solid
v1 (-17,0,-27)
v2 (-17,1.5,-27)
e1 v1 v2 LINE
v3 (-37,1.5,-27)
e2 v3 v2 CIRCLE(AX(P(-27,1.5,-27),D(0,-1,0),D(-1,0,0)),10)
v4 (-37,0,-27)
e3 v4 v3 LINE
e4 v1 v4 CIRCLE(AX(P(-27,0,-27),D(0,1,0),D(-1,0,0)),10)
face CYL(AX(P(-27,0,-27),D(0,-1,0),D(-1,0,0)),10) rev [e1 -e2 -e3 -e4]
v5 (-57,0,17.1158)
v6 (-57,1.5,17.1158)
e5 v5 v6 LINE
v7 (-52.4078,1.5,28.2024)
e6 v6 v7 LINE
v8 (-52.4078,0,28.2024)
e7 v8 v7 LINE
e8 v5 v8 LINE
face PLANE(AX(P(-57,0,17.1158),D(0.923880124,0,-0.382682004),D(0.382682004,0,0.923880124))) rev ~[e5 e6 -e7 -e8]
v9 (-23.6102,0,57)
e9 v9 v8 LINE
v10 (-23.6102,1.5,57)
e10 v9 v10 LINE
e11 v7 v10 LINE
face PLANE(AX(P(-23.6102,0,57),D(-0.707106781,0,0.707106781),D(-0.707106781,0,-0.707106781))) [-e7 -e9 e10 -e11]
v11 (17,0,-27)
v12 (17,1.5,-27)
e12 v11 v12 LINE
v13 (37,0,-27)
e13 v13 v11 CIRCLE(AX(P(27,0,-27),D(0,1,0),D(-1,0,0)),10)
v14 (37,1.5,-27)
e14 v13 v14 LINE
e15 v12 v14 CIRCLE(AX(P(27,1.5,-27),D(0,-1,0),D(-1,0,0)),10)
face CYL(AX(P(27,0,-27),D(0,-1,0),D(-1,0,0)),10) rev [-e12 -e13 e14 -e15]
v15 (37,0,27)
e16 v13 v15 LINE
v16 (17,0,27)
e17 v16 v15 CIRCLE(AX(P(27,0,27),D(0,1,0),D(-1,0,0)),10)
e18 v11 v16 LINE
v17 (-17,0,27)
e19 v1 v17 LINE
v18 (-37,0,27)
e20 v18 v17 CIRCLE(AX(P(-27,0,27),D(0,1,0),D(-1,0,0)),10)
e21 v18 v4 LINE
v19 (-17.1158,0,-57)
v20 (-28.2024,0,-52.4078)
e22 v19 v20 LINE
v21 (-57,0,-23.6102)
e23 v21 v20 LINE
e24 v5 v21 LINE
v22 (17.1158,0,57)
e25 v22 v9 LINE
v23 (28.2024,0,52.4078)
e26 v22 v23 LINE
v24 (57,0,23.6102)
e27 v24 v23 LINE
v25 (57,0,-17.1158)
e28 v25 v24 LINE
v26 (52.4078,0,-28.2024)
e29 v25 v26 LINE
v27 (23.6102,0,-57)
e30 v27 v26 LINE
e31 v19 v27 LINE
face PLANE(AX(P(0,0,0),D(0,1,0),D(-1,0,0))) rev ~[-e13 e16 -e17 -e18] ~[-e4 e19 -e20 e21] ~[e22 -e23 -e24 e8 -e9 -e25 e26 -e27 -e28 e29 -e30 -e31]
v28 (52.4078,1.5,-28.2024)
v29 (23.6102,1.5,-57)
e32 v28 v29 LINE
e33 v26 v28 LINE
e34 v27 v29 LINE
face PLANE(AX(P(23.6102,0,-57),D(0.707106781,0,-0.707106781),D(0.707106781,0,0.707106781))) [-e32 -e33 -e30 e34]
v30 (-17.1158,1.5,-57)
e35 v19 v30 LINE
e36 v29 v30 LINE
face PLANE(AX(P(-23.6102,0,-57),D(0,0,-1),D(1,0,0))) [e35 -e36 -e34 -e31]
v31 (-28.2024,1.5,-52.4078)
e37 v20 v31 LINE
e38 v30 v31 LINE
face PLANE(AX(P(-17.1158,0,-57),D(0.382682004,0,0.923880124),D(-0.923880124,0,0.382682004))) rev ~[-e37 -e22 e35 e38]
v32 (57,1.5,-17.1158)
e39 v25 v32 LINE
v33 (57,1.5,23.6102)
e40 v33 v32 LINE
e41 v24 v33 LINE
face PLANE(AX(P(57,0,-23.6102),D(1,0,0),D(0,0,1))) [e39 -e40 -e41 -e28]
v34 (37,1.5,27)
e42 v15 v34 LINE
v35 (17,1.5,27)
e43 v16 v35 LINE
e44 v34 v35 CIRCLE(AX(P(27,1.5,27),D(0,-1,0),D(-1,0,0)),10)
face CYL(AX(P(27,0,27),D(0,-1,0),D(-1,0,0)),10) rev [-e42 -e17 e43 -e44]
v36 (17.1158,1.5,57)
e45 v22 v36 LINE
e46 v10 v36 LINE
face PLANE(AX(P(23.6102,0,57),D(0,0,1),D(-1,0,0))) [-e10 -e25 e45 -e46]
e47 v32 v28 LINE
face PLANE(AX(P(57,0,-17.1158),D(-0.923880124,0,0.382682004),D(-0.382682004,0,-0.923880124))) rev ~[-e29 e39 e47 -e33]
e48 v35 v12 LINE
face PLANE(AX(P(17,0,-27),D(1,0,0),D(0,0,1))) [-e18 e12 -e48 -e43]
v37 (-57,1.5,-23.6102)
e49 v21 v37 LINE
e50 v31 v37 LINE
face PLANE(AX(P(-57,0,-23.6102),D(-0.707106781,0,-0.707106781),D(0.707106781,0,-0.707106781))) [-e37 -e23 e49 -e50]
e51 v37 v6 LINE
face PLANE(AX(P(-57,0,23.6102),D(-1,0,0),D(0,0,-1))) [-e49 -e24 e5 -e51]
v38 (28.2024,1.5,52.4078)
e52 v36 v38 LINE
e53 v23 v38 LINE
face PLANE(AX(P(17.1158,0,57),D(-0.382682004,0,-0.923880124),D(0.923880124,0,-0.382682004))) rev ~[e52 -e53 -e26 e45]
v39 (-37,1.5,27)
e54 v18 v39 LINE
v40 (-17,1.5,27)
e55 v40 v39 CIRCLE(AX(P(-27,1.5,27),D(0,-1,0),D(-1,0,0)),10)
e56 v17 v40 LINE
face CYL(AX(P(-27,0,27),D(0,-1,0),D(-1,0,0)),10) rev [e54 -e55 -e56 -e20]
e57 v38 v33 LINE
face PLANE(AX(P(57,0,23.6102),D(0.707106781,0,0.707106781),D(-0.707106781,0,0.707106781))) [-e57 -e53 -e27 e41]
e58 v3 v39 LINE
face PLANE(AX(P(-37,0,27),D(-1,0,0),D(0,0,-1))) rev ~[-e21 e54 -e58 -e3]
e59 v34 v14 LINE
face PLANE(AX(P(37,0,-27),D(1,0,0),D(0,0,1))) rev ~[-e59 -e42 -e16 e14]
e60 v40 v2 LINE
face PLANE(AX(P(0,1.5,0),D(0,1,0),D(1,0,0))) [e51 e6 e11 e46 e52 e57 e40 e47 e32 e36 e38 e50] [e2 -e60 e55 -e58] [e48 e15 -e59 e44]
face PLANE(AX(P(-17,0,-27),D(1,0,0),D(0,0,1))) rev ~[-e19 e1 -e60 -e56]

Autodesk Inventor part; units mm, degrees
ref_plane "YZ Plane" through (0, 0, 0) normal (1, 0, 0) x (0, 1, 0)
ref_plane "XZ Plane" through (0, 0, 0) normal (0, 1, 0) x (-1, 0, 0)
ref_plane "XY Plane" through (0, 0, 0) normal (0, 0, 1) x (1, 0, 0)
sketch "Skizze4" plane through (0, 0, 0) normal (0, 1, 0) x (-1, 0, 0)
  line L0 (-23.6102, 57) -> (23.6102, 57)
  line L1 (23.6102, 57) -> (57, 23.6102)
  line L2 (57, 23.6102) -> (57, -23.6102)
  line L3 (57, -23.6102) -> (23.6102, -57)
  line L4 (23.6102, -57) -> (-23.6102, -57)
  line L5 (-23.6102, -57) -> (-57, -23.6102)
  line L6 (-57, -23.6102) -> (-57, 23.6102)
  line L7 (-57, 23.6102) -> (-23.6102, 57)
  line L8 (79.8, 0) -> (-79.8, 0) construction
  line L9 (0, -79.8) -> (0, 79.8) construction
  circle A0 centre (-27, 27) radius 10
  circle A1 centre (-27, -27) radius 10
  circle A2 centre (27, -27) radius 10
  circle A3 centre (27, 27) radius 10
  point P0 (0, 0)
  point P1 (0, 0)
  dimension "d4" = 114
  dimension "d5" = 20
  dimension "d6" = 30
  dimension "d7" = 30
  dimension "d10" = 360
extrude "Extrusion2" add sketch "Skizze4" along normal blind 2.5
sketch "Skizze5" plane through (0, 0, 0) normal (0, -1, 0) x (1, 0, 0)
  circle A0 centre (-27, 27) radius 10 construction
  circle A1 centre (-27, -27) radius 10 construction
  circle A2 centre (27, -27) radius 10 construction
  circle A3 centre (27, 27) radius 10 construction
  line L0 (23.6102, 57) -> (-23.6102, 57) construction
  line L1 (-23.6102, 57) -> (-57, 23.6102) construction
  line L2 (-57, 23.6102) -> (-57, -23.6102) construction
  line L3 (-57, -23.6102) -> (-23.6102, -57) construction
  line L4 (-23.6102, -57) -> (23.6102, -57) construction
  line L5 (23.6102, -57) -> (57, -23.6102) construction
  line L6 (57, -23.6102) -> (57, 23.6102) construction
  line L7 (57, 23.6102) -> (23.6102, 57) construction
  line L8 (23.6102, 57) -> (57, 23.6102) construction
  line L9 (-57, -23.6102) -> (-57, 23.6102) construction
  line L10 (-23.6102, -57) -> (-57, -23.6102) construction
  line L11 (23.6102, -57) -> (-23.6102, -57) construction
  line L12 (57, 23.6102) -> (57, -23.6102) construction
  line L13 (-57, 17.1158) -> (-52.4078, 28.2024)
  line L14 (-57, 23.6102) -> (-23.6102, 57) projected
  line L15 (-57, 23.6102) -> (-57, -23.6102) projected
  line L16 (-57, 23.6102) -> (-52.4078, 28.2024)
  line L17 (-23.6102, 57) -> (-57, 23.6102) projected
  line L18 (-57, 23.6102) -> (-57, 17.1158)
  line L19 (-23.6102, -57) -> (-28.2024, -52.4078)
  line L20 (-17.1158, -57) -> (-28.2024, -52.4078)
  line L21 (-23.6102, -57) -> (-17.1158, -57)
  line L22 (57, -23.6102) -> (52.4078, -28.2024)
  line L23 (57, -17.1158) -> (52.4078, -28.2024)
  line L24 (57, -23.6102) -> (57, -17.1158)
  line L25 (23.6102, 57) -> (28.2024, 52.4078)
  line L26 (17.1158, 57) -> (28.2024, 52.4078)
  line L27 (23.6102, 57) -> (17.1158, 57)
  point P0 (0, 0)
  dimension "d21" = 22.5
  dimension "d22" = 12
  dimension "d25" = 360
extrude "Extrusion3" cut sketch "Skizze5" against normal blind 10
sketch "Skizze6" plane through (0, 2.5, 0) normal (0, 1, 0) x (1, 0, 0)
  line L0 (57, 17.1158) -> (52.4078, 28.2024) projected
  line L1 (52.4078, 28.2024) -> (23.6102, 57) projected
  line L2 (23.6102, 57) -> (-17.1158, 57) projected
  line L3 (-17.1158, 57) -> (-28.2024, 52.4078) projected
  line L4 (-28.2024, 52.4078) -> (-57, 23.6102) projected
  line L5 (-57, 23.6102) -> (-57, -17.1158) projected
  line L6 (-57, -17.1158) -> (-52.4078, -28.2024) projected
  line L7 (-52.4078, -28.2024) -> (-23.6102, -57) projected
  line L8 (-23.6102, -57) -> (17.1158, -57) projected
  line L9 (17.1158, -57) -> (28.2024, -52.4078) projected
  line L10 (28.2024, -52.4078) -> (57, -23.6102) projected
  line L11 (57, -23.6102) -> (57, 17.1158) projected
  circle A0 centre (-27, -27) radius 10 projected
  circle A1 centre (-27, 27) radius 10 projected
  circle A2 centre (27, 27) radius 10 projected
  circle A3 centre (27, -27) radius 10 projected
  point P0 (0, 0)
extrude "Extrusion4" cut sketch "Skizze6" against normal blind 1
sketch "Skizze7" plane through (0, 0, 0) normal (0, -1, 0) x (1, 0, 0)
  line L0 (52.4078, -28.2024) -> (57, -17.1158) construction
  line L1 (57, -17.1158) -> (57, 23.6102) construction
  line L2 (57, 23.6102) -> (28.2024, 52.4078) construction
  line L3 (28.2024, 52.4078) -> (17.1158, 57) construction
  line L4 (17.1158, 57) -> (-23.6102, 57) construction
  line L5 (-23.6102, 57) -> (-52.4078, 28.2024) construction
  line L6 (-52.4078, 28.2024) -> (-57, 17.1158) construction
  line L7 (-57, 17.1158) -> (-57, -23.6102) construction
  line L8 (-57, -23.6102) -> (-28.2024, -52.4078) construction
  line L9 (-28.2024, -52.4078) -> (-17.1158, -57) construction
  line L10 (-17.1158, -57) -> (23.6102, -57) construction
  line L11 (23.6102, -57) -> (52.4078, -28.2024) construction
  circle A0 centre (-27, 27) radius 10 construction
  circle A1 centre (-27, -27) radius 10 construction
  circle A2 centre (27, -27) radius 10 construction
  circle A3 centre (27, 27) radius 10 construction
  line L12 (-37, 27) -> (-37, -27)
  circle A4 centre (-27, -27) radius 10 projected
  line L13 (-17, -27) -> (-17, 27)
  line L14 (37, -27) -> (37, 27)
  line L15 (17, -27) -> (17, 27)
  circle A5 centre (27, 27) radius 10 projected
  arc A6 (-17, 27) -> (-37, 27) centre (-27, 27) ccw
  arc A7 (37, 27) -> (17, 27) centre (27, 27) ccw
  circle A8 centre (27, -27) radius 10 projected
  arc A9 (17, -27) -> (37, -27) centre (27, -27) ccw
  circle A10 centre (-27, -27) radius 10 projected
  arc A11 (-37, -27) -> (-17, -27) centre (-27, -27) ccw
  point P0 (0, 0)
extrude "Extrusion5" cut sketch "Skizze7" against normal through all
equation "\"d7\" = d6"
properties part number "Stage2" material "3.3547 AlMg4,5Mn (AW-5083/H111)"
